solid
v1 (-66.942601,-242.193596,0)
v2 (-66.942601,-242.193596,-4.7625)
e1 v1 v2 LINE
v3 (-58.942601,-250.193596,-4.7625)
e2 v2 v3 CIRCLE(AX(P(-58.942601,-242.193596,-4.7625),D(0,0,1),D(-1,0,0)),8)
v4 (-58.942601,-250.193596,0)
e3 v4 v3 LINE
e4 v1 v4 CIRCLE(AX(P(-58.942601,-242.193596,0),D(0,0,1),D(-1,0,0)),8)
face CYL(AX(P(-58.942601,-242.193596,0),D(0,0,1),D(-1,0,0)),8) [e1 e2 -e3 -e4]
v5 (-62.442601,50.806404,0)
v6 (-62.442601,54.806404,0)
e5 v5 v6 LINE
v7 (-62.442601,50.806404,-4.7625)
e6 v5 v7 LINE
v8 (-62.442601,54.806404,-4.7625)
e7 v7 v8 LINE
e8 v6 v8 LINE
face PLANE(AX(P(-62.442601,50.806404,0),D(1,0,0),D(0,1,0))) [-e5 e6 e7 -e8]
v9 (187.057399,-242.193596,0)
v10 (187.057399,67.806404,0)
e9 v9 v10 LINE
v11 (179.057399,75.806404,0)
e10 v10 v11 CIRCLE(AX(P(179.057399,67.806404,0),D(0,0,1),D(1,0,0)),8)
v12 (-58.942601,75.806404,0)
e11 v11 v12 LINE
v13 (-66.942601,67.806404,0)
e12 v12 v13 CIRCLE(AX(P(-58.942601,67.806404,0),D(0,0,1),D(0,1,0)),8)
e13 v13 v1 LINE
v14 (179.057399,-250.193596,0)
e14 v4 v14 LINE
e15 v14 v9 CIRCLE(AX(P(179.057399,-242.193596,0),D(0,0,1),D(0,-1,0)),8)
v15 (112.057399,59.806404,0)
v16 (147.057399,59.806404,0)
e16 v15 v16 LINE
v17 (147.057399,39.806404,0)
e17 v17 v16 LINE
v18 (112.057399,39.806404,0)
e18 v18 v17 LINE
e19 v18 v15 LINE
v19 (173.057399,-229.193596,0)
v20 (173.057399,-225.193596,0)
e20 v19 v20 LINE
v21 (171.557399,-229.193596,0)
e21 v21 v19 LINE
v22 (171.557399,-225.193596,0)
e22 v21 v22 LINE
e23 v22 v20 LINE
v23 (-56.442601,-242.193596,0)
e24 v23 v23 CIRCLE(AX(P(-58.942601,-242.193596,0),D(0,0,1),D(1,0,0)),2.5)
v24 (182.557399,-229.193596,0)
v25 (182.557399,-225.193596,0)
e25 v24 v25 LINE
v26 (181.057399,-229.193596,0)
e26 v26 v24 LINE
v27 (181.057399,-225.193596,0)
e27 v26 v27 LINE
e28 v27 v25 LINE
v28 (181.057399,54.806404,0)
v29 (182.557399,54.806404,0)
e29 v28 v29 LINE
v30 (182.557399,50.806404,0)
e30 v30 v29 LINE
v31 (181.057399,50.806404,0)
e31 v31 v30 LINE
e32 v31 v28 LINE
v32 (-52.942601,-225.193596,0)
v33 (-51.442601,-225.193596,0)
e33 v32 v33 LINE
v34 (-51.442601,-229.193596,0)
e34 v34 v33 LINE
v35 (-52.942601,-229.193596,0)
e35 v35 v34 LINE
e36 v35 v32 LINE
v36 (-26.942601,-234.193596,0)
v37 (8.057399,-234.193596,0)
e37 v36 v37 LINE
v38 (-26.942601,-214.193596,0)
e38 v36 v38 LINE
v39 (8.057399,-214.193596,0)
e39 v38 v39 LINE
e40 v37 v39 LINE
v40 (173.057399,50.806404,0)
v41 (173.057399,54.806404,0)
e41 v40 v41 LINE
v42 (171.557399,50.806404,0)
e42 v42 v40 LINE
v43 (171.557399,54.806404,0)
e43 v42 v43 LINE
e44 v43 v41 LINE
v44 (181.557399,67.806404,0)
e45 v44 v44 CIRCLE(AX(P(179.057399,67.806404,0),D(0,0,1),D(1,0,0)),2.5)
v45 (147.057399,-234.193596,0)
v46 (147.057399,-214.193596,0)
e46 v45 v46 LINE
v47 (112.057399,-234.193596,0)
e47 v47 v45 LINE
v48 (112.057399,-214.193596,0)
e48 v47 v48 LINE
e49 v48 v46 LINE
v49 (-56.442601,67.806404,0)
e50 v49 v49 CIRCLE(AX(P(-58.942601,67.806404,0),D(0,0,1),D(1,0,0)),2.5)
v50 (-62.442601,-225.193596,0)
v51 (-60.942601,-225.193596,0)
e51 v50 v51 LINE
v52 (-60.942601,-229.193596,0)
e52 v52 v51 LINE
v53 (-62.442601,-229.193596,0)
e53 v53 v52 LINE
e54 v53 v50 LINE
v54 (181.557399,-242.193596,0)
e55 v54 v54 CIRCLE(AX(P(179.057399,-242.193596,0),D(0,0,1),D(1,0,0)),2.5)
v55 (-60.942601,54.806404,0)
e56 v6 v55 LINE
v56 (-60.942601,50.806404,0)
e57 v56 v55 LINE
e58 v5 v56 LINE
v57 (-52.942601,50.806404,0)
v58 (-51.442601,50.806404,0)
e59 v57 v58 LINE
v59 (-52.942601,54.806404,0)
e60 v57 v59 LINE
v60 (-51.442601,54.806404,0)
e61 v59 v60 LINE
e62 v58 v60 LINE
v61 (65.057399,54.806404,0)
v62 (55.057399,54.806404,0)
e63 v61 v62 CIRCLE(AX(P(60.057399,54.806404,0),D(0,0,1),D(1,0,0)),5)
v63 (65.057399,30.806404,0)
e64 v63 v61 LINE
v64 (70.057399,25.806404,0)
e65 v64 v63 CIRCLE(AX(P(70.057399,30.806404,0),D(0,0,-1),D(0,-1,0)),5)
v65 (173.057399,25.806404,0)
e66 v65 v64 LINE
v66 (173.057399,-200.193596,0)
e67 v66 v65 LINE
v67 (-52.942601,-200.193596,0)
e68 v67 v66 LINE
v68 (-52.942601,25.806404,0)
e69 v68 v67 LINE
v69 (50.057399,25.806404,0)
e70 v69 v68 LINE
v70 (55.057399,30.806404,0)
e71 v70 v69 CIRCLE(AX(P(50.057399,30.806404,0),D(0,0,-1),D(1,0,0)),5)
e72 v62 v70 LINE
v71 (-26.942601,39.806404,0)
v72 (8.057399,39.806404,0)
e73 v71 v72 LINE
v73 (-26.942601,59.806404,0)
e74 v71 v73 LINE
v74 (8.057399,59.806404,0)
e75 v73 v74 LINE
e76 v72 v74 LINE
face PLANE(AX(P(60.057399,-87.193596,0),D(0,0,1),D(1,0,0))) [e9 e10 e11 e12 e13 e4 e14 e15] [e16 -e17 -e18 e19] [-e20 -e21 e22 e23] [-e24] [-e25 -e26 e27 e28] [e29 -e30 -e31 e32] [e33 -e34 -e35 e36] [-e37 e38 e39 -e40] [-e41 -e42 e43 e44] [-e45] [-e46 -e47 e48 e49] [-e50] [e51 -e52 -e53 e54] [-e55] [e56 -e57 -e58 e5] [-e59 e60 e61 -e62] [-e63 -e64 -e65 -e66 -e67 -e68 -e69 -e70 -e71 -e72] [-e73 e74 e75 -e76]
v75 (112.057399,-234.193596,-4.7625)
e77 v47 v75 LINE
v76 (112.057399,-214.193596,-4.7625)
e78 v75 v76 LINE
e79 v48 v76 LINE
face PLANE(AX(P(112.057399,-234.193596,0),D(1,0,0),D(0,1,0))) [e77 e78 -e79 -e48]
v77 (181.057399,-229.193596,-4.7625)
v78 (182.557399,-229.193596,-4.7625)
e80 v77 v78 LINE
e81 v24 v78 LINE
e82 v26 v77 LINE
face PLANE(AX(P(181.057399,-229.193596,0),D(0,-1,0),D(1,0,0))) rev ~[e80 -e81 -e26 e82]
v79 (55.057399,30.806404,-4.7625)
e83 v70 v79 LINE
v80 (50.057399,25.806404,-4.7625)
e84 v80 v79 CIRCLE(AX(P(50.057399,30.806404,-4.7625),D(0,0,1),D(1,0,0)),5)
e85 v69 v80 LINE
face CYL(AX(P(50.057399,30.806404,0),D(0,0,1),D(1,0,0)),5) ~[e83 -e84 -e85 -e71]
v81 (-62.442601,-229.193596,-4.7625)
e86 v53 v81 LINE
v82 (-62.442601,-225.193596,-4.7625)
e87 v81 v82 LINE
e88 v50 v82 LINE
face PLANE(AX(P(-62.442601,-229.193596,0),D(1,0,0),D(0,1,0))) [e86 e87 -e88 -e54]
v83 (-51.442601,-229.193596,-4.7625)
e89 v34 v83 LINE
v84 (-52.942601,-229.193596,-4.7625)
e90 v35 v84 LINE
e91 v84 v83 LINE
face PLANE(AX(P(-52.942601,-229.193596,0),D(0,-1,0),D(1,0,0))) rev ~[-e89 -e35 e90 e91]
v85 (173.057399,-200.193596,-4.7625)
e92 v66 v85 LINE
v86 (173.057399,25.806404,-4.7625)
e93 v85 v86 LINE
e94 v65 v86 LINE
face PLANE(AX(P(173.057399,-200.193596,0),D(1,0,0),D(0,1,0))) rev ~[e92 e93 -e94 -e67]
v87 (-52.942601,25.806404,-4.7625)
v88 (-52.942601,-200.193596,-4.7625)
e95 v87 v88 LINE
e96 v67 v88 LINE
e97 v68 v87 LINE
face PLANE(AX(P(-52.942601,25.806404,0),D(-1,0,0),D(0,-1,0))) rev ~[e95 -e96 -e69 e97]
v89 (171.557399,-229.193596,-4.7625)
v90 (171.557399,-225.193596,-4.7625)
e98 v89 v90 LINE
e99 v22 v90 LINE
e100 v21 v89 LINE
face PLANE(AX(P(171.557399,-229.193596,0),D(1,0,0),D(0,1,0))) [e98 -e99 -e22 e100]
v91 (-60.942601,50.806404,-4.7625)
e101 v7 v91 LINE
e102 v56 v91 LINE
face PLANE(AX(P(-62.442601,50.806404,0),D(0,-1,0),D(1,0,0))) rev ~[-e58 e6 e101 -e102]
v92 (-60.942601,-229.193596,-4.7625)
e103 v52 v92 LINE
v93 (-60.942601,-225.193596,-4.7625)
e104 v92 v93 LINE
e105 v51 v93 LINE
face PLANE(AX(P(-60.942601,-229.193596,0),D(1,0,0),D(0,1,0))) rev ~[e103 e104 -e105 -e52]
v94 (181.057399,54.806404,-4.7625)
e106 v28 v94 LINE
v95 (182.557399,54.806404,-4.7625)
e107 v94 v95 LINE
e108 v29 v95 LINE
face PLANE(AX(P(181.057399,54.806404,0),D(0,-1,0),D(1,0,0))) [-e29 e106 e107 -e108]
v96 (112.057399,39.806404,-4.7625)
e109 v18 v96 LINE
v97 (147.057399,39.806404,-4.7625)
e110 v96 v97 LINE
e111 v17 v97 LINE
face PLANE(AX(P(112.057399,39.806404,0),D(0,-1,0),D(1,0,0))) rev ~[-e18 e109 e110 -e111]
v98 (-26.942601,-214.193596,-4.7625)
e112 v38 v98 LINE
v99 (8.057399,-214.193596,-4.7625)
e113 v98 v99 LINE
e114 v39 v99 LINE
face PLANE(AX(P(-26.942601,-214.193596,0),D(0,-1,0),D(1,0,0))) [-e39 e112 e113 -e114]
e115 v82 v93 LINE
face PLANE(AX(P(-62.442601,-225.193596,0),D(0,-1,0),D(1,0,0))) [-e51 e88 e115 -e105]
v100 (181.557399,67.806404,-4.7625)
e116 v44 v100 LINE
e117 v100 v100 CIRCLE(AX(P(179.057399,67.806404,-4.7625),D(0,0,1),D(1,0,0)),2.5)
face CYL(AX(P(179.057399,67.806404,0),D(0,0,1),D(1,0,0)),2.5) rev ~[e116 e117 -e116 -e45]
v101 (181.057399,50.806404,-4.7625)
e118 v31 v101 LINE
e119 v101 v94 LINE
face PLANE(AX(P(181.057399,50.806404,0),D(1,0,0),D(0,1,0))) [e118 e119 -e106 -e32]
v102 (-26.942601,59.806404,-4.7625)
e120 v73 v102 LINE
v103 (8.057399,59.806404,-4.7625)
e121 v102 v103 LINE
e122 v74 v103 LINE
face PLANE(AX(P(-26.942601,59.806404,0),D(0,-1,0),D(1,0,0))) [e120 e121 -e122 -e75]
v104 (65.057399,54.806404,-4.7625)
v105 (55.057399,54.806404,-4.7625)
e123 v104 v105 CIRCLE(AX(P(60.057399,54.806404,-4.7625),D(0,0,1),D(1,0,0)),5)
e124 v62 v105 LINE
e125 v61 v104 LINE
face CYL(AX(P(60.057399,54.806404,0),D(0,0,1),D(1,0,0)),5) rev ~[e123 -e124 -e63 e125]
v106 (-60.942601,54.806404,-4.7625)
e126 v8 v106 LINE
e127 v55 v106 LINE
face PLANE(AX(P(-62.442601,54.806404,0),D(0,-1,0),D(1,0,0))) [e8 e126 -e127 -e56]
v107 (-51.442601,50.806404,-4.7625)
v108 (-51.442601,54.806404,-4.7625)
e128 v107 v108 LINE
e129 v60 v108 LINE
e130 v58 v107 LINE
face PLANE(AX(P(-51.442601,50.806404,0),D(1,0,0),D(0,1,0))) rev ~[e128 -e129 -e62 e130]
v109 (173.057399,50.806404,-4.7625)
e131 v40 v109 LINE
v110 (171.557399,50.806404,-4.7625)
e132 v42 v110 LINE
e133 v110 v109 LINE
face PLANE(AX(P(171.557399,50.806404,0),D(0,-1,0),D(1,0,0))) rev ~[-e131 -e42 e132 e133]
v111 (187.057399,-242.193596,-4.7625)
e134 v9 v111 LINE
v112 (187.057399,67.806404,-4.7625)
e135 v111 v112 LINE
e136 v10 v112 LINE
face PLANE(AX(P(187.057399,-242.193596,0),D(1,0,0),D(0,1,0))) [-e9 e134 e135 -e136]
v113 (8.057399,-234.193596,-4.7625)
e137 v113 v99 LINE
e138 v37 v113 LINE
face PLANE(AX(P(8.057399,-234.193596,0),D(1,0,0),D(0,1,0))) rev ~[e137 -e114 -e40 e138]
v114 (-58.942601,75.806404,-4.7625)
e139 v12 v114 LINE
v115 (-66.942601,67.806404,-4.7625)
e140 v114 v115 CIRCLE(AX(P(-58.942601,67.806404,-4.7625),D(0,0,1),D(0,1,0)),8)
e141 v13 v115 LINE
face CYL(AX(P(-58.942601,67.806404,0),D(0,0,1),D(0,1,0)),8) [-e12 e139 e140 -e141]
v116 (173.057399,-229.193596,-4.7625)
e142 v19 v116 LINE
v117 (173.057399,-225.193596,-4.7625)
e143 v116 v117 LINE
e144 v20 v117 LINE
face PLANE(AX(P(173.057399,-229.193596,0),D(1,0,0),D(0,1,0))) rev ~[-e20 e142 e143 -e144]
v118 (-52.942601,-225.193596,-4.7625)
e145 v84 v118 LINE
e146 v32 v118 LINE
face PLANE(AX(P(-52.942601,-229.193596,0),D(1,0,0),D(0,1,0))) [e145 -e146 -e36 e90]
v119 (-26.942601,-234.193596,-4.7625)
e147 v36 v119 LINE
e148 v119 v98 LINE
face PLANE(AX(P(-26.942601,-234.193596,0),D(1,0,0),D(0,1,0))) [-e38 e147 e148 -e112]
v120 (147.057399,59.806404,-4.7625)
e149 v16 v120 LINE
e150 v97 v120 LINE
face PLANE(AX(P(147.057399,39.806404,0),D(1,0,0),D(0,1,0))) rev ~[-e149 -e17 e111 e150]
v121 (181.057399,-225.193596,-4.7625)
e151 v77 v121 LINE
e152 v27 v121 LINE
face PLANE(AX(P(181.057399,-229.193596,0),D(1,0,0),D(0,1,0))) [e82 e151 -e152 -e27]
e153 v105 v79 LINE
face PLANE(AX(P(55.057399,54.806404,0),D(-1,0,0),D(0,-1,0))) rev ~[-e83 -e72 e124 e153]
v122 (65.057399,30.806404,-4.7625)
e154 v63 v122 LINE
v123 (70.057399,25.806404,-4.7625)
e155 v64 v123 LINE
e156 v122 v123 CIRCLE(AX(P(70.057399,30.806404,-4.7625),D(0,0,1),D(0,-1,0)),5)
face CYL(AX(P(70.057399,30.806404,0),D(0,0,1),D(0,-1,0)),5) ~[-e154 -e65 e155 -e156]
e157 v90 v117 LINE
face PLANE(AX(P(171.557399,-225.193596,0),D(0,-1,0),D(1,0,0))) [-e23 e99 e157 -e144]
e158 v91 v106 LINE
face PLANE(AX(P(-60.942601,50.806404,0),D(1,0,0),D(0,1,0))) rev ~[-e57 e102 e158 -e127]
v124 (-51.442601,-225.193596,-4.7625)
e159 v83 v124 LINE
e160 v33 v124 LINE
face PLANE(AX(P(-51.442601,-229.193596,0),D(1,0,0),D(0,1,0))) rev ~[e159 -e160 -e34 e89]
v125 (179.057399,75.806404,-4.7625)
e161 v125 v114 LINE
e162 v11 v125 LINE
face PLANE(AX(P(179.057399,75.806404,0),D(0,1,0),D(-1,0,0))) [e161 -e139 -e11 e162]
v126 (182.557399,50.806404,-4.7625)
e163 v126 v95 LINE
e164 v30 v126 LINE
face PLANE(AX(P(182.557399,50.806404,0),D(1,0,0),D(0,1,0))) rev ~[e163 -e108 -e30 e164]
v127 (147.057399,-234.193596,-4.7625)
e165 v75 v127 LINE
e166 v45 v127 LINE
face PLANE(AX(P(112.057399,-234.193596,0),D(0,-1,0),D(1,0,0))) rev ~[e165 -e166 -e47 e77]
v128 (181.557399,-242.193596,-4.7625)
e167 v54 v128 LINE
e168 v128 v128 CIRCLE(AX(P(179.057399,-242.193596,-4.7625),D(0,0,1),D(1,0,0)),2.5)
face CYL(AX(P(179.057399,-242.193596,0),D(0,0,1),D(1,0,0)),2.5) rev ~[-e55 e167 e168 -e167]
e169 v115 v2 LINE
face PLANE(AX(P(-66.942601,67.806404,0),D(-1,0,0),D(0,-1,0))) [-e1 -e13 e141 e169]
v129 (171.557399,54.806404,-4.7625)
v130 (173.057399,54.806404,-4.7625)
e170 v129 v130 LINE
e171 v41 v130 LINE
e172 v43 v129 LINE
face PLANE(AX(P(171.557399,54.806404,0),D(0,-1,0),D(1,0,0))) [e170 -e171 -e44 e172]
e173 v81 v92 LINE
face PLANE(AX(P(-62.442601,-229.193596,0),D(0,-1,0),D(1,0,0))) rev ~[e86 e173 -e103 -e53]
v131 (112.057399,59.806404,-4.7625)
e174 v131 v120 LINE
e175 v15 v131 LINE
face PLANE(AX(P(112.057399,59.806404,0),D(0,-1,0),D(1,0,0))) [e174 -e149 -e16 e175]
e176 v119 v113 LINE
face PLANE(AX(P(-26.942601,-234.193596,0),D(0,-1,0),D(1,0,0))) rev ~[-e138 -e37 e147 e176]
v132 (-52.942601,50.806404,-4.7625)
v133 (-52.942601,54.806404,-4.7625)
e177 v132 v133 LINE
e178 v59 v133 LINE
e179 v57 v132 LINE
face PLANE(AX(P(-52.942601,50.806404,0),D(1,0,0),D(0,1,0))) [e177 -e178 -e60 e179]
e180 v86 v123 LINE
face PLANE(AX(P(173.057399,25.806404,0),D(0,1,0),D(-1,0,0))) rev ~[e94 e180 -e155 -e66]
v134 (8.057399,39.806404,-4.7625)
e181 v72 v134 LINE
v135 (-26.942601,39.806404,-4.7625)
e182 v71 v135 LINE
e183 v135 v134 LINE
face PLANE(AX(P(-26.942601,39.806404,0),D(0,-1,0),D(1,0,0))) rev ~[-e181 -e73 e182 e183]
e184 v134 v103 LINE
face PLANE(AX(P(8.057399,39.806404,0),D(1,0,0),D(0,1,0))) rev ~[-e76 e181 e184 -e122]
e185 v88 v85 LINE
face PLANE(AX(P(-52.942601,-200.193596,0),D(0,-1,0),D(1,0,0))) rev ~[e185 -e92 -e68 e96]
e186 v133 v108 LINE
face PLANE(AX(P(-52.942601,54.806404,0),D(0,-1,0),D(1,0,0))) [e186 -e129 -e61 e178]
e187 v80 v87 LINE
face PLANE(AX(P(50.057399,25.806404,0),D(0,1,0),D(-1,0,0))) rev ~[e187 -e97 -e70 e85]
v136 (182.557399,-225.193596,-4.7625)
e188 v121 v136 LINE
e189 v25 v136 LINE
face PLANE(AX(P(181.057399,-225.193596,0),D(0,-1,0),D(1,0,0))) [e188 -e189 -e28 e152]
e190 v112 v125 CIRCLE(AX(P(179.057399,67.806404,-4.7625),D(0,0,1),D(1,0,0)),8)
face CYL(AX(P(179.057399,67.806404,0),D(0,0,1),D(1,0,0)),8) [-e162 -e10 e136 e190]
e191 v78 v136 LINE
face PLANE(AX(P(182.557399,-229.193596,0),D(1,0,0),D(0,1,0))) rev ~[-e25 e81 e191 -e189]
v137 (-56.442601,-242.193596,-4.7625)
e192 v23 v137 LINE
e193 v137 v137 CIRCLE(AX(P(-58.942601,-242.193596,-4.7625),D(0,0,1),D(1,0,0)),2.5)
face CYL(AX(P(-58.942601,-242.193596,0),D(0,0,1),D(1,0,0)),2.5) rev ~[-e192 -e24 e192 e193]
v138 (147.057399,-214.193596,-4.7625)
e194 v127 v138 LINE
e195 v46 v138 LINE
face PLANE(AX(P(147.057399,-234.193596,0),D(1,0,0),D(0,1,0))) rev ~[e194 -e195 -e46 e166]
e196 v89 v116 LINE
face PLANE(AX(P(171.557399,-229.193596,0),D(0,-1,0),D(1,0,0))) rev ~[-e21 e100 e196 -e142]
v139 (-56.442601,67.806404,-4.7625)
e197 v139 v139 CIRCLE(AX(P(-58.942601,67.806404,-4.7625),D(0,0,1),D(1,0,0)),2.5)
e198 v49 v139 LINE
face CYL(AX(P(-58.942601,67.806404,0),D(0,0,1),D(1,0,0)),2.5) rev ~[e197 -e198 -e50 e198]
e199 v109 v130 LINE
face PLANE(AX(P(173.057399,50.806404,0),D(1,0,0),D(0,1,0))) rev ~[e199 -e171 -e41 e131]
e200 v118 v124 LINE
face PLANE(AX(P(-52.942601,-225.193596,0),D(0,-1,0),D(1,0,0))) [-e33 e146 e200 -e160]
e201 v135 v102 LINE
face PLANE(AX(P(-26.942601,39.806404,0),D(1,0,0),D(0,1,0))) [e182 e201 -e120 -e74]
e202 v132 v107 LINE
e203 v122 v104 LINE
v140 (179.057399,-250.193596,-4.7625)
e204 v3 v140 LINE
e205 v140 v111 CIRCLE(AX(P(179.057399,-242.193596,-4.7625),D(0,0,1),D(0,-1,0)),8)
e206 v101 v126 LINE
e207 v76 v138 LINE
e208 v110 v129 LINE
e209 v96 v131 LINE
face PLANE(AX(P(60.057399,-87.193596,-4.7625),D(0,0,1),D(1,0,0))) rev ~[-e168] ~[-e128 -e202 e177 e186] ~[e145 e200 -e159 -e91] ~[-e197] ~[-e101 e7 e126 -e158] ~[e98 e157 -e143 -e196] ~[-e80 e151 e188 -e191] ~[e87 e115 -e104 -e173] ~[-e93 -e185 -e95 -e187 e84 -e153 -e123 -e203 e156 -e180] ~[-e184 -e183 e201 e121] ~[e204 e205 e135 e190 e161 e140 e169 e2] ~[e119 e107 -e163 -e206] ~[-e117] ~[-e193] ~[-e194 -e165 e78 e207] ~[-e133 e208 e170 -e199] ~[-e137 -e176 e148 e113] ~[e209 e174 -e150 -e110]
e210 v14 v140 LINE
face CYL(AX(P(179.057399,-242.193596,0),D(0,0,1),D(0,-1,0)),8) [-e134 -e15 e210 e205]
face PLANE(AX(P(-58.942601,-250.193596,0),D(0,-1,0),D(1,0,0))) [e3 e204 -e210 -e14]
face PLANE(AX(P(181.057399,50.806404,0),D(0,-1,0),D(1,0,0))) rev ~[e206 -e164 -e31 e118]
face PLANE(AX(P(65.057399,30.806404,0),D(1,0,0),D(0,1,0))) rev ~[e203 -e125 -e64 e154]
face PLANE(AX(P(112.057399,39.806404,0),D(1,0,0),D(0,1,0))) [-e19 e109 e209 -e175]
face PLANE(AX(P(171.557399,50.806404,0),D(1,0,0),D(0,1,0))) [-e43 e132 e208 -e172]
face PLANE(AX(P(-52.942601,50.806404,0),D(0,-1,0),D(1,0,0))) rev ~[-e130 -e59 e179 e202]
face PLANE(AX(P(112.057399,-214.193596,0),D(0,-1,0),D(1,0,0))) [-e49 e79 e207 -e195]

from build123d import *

# Parameters (mm, degrees)
BOSS_EXTRUDE1_DEPTH = 4.7625
SKETCH2_R           = 2.5
SKETCH2_W           = 35
SKETCH2_H           = 20
SKETCH2_W_2         = 1.5
SKETCH2_H_2         = 4
CUT_EXTRUDE1_DEPTH  = 10


with BuildPart() as part:
    # Sketch1 → Boss-Extrude1 (new body)
    with BuildSketch(Plane.XY):
        with BuildLine():
            Line((-66.942601108, 67.806403557), (-66.942601108, -242.193596443))
            ThreePointArc((-66.942601108, -242.193596443), (-64.599455358, -247.850450692), (-58.942601108, -250.193596443))
            Line((-58.942601108, -250.193596443), (179.057398892, -250.193596443))
            ThreePointArc((179.057398892, -250.193596443), (184.714253141, -247.850450692), (187.057398892, -242.193596443))
            Line((187.057398892, -242.193596443), (187.057398892, 67.806403557))
            ThreePointArc((187.057398892, 67.806403557), (184.714253141, 73.463257807), (179.057398892, 75.806403557))
            Line((179.057398892, 75.806403557), (-58.942601108, 75.806403557))
            ThreePointArc((-58.942601108, 75.806403557), (-64.599455358, 73.463257807), (-66.942601108, 67.806403557))
        make_face()
    extrude(amount=-BOSS_EXTRUDE1_DEPTH)

    # Sketch2 → Cut-Extrude1 (cut)
    with BuildSketch(Plane.XY):
        with Locations((179.057398892, 67.806403557)):
            Circle(SKETCH2_R)
        with Locations((-58.942601108, 67.806403557)):
            Circle(SKETCH2_R)
        with Locations((-58.942601108, -242.193596443)):
            Circle(SKETCH2_R)
        with Locations((179.057398892, -242.193596443)):
            Circle(SKETCH2_R)
        with BuildLine():
            Line((173.057398892, 25.806403557), (70.057398892, 25.806403557))
            ThreePointArc((70.057398892, 25.806403557), (66.521864986, 27.270869651), (65.057398892, 30.806403557))
            Line((65.057398892, 30.806403557), (65.057398892, 54.806403557))
            ThreePointArc((65.057398892, 54.806403557), (60.057398892, 59.806403557), (55.057398892, 54.806403557))
            Line((55.057398892, 54.806403557), (55.057398892, 30.806403557))
            ThreePointArc((55.057398892, 30.806403557), (53.592932798, 27.270869651), (50.057398892, 25.806403557))
            Line((50.057398892, 25.806403557), (-52.942601108, 25.806403557))
            Line((-52.942601108, 25.806403557), (-52.942601108, -200.193596443))
            Line((-52.942601108, -200.193596443), (173.057398892, -200.193596443))
            Line((173.057398892, -200.193596443), (173.057398892, 25.806403557))
        make_face()
        with Locations((-9.442601108, 49.806403557)):
            Rectangle(SKETCH2_W, SKETCH2_H)
        with Locations((129.557398892, 49.806403557)):
            Rectangle(SKETCH2_W, SKETCH2_H)
        with Locations((-61.692601108, 52.806403557)):
            Rectangle(SKETCH2_W_2, SKETCH2_H_2)
        with Locations((-52.192601108, 52.806403557)):
            Rectangle(SKETCH2_W_2, SKETCH2_H_2)
        with Locations((172.307398892, 52.806403557)):
            Rectangle(SKETCH2_W_2, SKETCH2_H_2)
        with Locations((181.807398892, 52.806403557)):
            Rectangle(SKETCH2_W_2, SKETCH2_H_2)
        with Locations((-9.442601108, -224.193596443)):
            Rectangle(SKETCH2_W, SKETCH2_H)
        with Locations((-61.692601108, -227.193596443)):
            Rectangle(SKETCH2_W_2, SKETCH2_H_2)
        with Locations((-52.192601108, -227.193596443)):
            Rectangle(SKETCH2_W_2, SKETCH2_H_2)
        with Locations((181.807398892, -227.193596443)):
            Rectangle(SKETCH2_W_2, SKETCH2_H_2)
        with Locations((172.307398892, -227.193596443)):
            Rectangle(SKETCH2_W_2, SKETCH2_H_2)
        with Locations((129.557398892, -224.193596443)):
            Rectangle(SKETCH2_W, SKETCH2_H)
    extrude(amount=-CUT_EXTRUDE1_DEPTH, mode=Mode.SUBTRACT)


solid = part.part
